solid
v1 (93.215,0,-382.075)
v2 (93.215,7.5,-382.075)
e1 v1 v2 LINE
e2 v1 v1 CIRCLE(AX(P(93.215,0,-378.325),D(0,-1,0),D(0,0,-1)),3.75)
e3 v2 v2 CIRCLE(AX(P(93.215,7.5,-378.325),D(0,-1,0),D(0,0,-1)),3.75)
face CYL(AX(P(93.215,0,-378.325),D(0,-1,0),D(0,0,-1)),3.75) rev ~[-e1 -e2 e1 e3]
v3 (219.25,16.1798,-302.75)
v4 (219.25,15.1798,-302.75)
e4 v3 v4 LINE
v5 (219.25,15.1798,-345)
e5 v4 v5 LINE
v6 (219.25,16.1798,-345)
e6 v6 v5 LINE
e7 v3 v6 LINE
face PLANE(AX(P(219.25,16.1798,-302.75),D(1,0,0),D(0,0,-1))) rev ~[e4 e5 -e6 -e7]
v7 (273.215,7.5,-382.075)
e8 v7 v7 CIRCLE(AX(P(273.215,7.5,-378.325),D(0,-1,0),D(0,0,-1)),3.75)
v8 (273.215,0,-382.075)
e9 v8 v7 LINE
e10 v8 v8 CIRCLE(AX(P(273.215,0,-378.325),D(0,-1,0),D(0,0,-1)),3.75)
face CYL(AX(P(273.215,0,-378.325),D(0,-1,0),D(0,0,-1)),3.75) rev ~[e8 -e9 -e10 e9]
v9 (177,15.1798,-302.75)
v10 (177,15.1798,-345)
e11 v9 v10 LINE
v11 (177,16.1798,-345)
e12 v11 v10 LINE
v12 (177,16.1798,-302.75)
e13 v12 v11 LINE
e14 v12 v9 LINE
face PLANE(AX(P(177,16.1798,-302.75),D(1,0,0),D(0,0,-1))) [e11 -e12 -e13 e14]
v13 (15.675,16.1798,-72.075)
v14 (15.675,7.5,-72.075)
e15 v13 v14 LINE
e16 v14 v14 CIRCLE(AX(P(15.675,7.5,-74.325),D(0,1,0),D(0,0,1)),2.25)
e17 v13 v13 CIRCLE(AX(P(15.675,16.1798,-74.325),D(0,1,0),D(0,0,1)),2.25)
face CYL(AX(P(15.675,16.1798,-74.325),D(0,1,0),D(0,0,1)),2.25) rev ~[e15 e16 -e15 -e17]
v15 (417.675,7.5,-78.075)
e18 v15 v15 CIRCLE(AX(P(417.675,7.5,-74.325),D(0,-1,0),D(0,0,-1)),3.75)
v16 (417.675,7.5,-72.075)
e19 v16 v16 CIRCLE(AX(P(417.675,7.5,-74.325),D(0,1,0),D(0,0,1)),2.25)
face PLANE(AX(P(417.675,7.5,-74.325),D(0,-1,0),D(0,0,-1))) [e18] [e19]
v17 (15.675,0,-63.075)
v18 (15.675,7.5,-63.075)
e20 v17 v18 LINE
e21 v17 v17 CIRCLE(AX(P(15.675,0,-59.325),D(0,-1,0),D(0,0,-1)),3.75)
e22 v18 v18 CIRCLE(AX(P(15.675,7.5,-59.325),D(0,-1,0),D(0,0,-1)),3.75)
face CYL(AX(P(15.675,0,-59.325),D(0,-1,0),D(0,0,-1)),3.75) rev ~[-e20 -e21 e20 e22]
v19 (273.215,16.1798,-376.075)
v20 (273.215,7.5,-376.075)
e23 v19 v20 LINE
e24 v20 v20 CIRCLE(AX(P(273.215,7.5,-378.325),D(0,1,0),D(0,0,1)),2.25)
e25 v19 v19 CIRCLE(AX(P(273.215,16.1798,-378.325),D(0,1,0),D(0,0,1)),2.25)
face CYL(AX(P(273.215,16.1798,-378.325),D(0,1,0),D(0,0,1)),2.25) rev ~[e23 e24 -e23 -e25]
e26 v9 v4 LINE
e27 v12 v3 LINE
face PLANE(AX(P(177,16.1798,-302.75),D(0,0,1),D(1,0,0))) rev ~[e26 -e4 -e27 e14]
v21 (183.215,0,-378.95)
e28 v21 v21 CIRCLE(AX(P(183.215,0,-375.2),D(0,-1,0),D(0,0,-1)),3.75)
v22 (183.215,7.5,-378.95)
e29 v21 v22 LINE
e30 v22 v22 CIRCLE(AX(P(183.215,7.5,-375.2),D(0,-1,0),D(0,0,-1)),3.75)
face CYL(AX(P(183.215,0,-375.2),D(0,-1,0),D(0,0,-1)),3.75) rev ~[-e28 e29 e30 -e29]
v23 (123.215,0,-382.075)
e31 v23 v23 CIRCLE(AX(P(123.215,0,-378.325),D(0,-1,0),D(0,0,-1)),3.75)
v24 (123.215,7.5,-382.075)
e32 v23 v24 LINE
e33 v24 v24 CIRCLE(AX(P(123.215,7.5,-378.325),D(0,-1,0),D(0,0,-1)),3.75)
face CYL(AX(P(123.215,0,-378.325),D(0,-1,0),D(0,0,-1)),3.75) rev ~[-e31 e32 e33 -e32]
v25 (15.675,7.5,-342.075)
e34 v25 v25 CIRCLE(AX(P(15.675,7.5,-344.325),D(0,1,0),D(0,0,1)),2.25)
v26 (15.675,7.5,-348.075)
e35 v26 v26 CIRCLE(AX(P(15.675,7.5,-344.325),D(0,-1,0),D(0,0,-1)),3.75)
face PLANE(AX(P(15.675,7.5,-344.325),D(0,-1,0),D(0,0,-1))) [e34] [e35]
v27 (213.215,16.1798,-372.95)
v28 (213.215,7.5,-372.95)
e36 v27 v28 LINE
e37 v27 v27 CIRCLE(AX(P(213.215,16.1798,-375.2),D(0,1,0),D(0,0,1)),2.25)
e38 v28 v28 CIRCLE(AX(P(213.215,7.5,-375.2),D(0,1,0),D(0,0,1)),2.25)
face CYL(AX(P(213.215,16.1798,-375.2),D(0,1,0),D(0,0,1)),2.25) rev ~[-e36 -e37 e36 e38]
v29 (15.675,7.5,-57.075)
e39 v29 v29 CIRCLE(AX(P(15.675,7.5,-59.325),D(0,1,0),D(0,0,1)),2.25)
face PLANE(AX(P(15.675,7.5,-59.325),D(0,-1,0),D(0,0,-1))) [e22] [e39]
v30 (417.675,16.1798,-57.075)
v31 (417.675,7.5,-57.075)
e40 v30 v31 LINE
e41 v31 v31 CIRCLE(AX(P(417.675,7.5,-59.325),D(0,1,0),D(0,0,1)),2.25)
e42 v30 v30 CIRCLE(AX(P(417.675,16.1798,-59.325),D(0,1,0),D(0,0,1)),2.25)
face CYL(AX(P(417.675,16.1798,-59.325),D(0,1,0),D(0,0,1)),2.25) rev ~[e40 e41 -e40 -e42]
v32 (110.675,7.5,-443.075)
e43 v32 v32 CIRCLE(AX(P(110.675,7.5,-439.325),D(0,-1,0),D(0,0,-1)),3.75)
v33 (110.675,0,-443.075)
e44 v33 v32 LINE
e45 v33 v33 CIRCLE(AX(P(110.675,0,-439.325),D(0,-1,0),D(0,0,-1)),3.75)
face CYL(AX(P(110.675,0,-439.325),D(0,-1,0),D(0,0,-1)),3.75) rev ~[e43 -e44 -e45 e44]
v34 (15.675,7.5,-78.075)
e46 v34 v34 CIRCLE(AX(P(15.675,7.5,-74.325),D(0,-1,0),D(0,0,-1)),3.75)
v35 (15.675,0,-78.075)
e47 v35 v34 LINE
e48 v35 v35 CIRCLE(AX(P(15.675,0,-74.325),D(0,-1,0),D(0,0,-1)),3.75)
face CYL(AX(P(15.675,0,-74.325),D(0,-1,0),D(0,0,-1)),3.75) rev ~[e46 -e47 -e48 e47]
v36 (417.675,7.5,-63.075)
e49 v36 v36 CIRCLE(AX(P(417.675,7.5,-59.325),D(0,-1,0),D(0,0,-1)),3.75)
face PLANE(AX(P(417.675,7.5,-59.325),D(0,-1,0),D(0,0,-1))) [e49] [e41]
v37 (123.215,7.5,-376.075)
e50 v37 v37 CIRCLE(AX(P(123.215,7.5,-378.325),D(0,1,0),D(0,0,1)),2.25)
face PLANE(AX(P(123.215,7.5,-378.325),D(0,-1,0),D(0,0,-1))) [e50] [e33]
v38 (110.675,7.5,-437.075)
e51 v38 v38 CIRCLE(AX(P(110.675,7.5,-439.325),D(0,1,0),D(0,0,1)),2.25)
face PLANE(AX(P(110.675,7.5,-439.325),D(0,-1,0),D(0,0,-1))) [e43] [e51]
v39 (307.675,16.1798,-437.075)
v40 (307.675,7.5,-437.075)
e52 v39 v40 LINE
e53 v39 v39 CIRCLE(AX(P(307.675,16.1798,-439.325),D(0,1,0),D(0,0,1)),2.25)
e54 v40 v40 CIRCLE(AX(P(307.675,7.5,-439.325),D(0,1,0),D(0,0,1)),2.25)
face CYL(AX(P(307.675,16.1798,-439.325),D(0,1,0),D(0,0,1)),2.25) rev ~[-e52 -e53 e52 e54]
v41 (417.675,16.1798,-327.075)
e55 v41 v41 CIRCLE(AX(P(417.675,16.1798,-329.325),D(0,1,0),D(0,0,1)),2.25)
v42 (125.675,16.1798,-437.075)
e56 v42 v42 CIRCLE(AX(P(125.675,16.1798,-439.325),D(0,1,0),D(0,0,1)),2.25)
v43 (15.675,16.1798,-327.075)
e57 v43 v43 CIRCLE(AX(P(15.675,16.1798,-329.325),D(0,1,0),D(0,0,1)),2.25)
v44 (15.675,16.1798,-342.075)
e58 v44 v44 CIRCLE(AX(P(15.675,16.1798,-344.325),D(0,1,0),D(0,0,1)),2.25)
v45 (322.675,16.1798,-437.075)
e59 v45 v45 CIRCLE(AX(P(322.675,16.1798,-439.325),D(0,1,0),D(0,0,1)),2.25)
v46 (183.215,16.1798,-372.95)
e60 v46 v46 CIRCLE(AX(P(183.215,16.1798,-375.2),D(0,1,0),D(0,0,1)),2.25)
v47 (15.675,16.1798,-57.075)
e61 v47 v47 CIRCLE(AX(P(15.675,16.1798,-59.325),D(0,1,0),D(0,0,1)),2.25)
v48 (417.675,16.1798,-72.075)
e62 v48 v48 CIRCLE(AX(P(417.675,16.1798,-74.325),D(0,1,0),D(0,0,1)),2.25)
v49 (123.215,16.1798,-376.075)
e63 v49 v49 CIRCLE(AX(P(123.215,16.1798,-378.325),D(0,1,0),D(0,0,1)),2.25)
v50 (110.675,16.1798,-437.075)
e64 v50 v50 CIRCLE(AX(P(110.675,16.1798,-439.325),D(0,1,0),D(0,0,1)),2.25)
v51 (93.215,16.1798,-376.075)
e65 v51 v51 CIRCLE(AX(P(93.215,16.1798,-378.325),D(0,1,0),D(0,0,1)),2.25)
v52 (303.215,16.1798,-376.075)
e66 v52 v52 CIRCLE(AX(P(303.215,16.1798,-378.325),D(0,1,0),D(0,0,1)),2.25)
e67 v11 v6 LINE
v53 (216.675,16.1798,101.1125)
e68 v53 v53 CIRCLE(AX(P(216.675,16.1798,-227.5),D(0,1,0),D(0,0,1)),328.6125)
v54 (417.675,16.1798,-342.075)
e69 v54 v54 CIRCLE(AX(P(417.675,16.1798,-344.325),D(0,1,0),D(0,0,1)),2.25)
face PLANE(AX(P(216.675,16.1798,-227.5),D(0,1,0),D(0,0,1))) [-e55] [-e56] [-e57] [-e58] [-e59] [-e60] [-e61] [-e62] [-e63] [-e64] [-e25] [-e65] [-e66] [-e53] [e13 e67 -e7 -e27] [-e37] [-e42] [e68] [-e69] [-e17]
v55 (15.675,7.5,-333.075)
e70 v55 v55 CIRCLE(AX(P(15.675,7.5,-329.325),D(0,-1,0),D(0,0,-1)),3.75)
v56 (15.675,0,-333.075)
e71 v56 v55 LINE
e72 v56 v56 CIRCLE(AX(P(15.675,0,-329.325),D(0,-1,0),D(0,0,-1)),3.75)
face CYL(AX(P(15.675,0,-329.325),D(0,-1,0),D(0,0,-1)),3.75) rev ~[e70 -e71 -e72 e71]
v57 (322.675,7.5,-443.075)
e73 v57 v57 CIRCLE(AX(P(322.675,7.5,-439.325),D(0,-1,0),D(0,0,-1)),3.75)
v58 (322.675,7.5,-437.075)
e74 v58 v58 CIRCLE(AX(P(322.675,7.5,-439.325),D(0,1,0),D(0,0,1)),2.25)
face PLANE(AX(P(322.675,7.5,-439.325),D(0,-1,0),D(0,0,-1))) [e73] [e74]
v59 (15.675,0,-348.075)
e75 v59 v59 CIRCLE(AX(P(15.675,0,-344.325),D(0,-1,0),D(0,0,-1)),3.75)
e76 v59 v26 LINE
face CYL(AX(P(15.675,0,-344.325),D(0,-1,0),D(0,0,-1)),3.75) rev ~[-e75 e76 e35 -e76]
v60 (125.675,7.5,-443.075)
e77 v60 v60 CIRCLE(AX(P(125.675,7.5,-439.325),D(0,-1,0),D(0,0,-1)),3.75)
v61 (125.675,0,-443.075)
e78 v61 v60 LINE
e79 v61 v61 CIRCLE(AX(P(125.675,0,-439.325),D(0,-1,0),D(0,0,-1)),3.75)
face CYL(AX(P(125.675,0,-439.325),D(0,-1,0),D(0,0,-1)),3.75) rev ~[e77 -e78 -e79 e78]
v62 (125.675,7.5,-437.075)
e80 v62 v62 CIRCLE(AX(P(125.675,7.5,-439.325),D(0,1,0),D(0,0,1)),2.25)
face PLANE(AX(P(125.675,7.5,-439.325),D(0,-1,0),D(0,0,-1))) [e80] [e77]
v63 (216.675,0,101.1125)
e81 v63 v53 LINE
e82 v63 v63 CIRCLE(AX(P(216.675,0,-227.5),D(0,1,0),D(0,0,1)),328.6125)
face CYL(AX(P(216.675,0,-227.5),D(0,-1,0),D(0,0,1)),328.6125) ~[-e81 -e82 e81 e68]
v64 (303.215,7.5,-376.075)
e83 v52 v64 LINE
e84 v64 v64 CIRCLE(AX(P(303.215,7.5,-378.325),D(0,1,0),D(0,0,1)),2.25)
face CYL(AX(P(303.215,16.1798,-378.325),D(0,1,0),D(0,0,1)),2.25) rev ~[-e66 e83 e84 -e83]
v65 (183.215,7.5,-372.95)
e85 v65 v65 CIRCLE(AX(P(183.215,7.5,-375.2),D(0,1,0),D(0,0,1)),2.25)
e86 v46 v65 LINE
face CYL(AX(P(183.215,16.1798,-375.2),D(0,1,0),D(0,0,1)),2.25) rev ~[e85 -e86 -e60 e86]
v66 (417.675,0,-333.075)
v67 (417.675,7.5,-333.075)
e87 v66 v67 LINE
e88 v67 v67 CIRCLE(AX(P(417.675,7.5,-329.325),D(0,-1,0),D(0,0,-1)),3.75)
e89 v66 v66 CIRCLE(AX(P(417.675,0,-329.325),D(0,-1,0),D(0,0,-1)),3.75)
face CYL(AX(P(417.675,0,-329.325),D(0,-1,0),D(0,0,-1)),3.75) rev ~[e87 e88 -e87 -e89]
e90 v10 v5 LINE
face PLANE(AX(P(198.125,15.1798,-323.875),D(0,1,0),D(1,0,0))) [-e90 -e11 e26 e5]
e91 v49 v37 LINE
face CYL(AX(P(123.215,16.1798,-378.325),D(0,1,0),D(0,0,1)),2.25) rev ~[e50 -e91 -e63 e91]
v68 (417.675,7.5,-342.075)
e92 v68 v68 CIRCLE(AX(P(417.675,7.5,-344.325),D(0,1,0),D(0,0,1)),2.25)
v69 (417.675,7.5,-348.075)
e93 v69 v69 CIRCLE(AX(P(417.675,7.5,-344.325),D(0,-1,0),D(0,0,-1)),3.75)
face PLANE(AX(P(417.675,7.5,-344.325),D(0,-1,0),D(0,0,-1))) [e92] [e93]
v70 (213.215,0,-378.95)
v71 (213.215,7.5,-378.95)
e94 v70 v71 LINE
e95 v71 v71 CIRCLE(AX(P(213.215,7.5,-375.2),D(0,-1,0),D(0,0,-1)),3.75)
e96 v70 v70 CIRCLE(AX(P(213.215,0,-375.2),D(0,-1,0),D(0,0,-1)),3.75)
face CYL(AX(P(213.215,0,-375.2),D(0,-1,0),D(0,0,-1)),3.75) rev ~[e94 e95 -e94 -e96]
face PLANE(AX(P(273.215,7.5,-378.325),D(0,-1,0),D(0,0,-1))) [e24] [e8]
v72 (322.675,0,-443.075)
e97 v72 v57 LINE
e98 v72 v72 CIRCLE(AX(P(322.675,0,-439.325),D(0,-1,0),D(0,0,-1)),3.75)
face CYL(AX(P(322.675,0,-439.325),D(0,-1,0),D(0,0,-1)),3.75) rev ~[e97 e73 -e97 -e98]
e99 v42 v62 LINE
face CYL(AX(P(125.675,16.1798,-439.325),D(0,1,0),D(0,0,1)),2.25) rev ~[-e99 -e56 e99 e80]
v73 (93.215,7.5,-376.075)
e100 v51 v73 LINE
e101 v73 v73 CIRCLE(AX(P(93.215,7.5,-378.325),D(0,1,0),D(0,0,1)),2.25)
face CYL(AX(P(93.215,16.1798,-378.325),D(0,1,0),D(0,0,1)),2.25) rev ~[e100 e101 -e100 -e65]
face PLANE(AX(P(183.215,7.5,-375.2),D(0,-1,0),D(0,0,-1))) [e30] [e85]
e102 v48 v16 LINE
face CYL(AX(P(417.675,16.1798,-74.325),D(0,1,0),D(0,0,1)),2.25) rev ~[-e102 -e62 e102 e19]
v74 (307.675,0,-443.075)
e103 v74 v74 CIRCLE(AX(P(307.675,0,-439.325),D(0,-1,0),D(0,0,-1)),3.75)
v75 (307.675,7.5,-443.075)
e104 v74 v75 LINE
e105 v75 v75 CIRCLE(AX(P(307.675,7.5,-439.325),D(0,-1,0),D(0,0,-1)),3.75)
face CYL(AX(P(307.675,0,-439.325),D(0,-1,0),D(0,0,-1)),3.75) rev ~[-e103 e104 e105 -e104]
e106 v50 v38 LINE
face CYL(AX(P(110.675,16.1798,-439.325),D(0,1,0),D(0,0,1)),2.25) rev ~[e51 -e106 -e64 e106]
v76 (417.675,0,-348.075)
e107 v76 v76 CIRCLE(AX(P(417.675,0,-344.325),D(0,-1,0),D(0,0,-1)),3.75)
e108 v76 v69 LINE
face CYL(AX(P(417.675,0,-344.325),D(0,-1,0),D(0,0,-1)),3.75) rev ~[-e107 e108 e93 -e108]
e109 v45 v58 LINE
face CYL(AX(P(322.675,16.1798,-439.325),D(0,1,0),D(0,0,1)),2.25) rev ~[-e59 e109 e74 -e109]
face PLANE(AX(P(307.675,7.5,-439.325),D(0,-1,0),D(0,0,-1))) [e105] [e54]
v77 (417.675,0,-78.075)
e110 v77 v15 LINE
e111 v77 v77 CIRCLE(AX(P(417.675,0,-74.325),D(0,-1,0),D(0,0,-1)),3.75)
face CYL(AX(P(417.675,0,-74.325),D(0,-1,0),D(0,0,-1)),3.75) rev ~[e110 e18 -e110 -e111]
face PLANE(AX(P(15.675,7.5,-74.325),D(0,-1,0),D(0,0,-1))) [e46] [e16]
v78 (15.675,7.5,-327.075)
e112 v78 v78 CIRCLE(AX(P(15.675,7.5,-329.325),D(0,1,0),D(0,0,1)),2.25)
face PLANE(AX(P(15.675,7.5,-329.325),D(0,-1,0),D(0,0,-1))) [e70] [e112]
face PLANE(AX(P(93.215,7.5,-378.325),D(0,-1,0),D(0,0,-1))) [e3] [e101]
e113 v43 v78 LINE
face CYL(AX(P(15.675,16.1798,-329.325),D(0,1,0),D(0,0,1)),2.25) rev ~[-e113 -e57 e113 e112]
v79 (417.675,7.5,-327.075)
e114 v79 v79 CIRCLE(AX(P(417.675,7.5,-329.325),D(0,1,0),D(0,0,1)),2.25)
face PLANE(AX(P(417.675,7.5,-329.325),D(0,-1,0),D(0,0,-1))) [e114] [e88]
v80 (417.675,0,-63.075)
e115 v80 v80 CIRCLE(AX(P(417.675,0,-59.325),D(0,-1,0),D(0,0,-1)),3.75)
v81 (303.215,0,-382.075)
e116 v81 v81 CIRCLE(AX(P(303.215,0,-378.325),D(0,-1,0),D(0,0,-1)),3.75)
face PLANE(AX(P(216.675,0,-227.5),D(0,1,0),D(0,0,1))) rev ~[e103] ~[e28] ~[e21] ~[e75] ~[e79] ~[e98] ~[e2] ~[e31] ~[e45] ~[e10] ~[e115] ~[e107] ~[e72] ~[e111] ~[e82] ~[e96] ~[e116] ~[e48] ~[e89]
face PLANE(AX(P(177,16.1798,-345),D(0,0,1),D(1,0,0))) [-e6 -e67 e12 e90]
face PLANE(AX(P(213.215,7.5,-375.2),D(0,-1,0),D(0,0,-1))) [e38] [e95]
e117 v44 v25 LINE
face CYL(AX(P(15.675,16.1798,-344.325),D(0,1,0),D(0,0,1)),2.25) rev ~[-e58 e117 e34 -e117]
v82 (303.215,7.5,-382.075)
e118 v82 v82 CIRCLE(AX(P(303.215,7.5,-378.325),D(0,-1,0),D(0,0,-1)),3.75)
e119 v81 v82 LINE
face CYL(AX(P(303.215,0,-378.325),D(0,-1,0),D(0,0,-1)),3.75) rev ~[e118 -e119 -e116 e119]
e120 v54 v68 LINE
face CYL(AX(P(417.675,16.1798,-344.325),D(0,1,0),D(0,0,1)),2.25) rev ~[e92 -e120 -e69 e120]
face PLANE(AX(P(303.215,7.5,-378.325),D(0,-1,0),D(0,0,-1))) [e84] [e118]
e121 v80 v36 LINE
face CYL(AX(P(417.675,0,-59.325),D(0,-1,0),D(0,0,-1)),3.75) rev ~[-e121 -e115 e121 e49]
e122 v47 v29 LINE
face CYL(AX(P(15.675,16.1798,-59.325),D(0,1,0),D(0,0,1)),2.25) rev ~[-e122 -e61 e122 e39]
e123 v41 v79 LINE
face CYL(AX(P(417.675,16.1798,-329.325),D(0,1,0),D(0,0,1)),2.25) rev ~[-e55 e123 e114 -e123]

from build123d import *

# Parameters (mm, degrees)
SKETCH1_R           = 328.6125
BOSS_EXTRUDE1_DEPTH = 16.1798
SKETCH3_R           = 2.25
CUT_EXTRUDE1_DEPTH  = 780.013065513
SKETCH4_W           = 42.25
SKETCH4_H           = 42.25
CUT_EXTRUDE2_DEPTH  = 1
SKETCH5_R           = 3.75
CUT_EXTRUDE3_DEPTH  = 7.5


with BuildPart() as part:
    # Sketch1 → Boss-Extrude1 (new body)
    with BuildSketch(Plane(origin=(0, 0, 0), x_dir=(1, 0, 0), z_dir=(0, 1, 0))):
        with Locations(Location((216.675, 227.5, 0), (0, 0, 270))):
            Circle(SKETCH1_R)
    extrude(amount=BOSS_EXTRUDE1_DEPTH)

    # Sketch3 → Cut-Extrude1 (cut, through all)
    with BuildSketch(Plane(origin=(0, 16.1798, 0), x_dir=(1, 0, 0), z_dir=(0, 1, 0))):
        with Locations(Location((322.675, 439.325, 0), (0, 0, 270))):
            Circle(SKETCH3_R)
        with Locations(Location((307.675, 439.325, 0), (0, 0, 270))):
            Circle(SKETCH3_R)
        with Locations(Location((110.675, 439.325, 0), (0, 0, 270))):
            Circle(SKETCH3_R)
        with Locations(Location((125.675, 439.325, 0), (0, 0, 270))):
            Circle(SKETCH3_R)
        with Locations(Location((183.215, 375.2, 0), (0, 0, 270))):
            Circle(SKETCH3_R)
        with Locations(Location((213.215, 375.2, 0), (0, 0, 270))):
            Circle(SKETCH3_R)
        with Locations(Location((15.675, 329.325, 0), (0, 0, 270))):
            Circle(SKETCH3_R)
        with Locations(Location((15.675, 344.325, 0), (0, 0, 270))):
            Circle(SKETCH3_R)
        with Locations(Location((417.675, 329.325, 0), (0, 0, 270))):
            Circle(SKETCH3_R)
        with Locations(Location((417.675, 344.325, 0), (0, 0, 270))):
            Circle(SKETCH3_R)
        with Locations(Location((417.675, 59.325, 0), (0, 0, 270))):
            Circle(SKETCH3_R)
        with Locations(Location((417.675, 74.325, 0), (0, 0, 270))):
            Circle(SKETCH3_R)
        with Locations(Location((15.675, 59.325, 0), (0, 0, 270))):
            Circle(SKETCH3_R)
        with Locations(Location((15.675, 74.325, 0), (0, 0, 270))):
            Circle(SKETCH3_R)
        with Locations(Location((303.215, 378.325, 0), (0, 0, 270))):
            Circle(SKETCH3_R)
        with Locations(Location((273.215, 378.325, 0), (0, 0, 270))):
            Circle(SKETCH3_R)
        with Locations(Location((123.215, 378.325, 0), (0, 0, 270))):
            Circle(SKETCH3_R)
        with Locations(Location((93.215, 378.325, 0), (0, 0, 270))):
            Circle(SKETCH3_R)
    extrude(amount=-CUT_EXTRUDE1_DEPTH, mode=Mode.SUBTRACT)

    # Sketch4 → Cut-Extrude2 (cut)
    with BuildSketch(Plane(origin=(0, 16.1798, 0), x_dir=(1, 0, 0), z_dir=(0, 1, 0))):
        with Locations((198.125, 323.875)):
            Rectangle(SKETCH4_W, SKETCH4_H)
    extrude(amount=-CUT_EXTRUDE2_DEPTH, mode=Mode.SUBTRACT)

    # Sketch5 → Cut-Extrude3 (cut)
    with BuildSketch(Plane.XZ):
        with Locations(Location((15.675, -59.325, 0), (0, 0, 270))):
            Circle(SKETCH5_R)
        with Locations(Location((15.675, -74.325, 0), (0, 0, 270))):
            Circle(SKETCH5_R)
        with Locations(Location((15.675, -344.325, 0), (0, 0, 270))):
            Circle(SKETCH5_R)
        with Locations(Location((15.675, -329.325, 0), (0, 0, 270))):
            Circle(SKETCH5_R)
        with Locations(Location((93.215, -378.325, 0), (0, 0, 270))):
            Circle(SKETCH5_R)
        with Locations(Location((123.215, -378.325, 0), (0, 0, 270))):
            Circle(SKETCH5_R)
        with Locations(Location((183.215, -375.2, 0), (0, 0, 270))):
            Circle(SKETCH5_R)
        with Locations(Location((213.215, -375.2, 0), (0, 0, 270))):
            Circle(SKETCH5_R)
        with Locations(Location((273.215, -378.325, 0), (0, 0, 270))):
            Circle(SKETCH5_R)
        with Locations(Location((125.675, -439.325, 0), (0, 0, 270))):
            Circle(SKETCH5_R)
        with Locations(Location((110.675, -439.325, 0), (0, 0, 270))):
            Circle(SKETCH5_R)
        with Locations(Location((303.215, -378.325, 0), (0, 0, 270))):
            Circle(SKETCH5_R)
        with Locations(Location((307.675, -439.325, 0), (0, 0, 270))):
            Circle(SKETCH5_R)
        with Locations(Location((322.675, -439.325, 0), (0, 0, 270))):
            Circle(SKETCH5_R)
        with Locations(Location((417.675, -344.325, 0), (0, 0, 270))):
            Circle(SKETCH5_R)
        with Locations(Location((417.675, -329.325, 0), (0, 0, 270))):
            Circle(SKETCH5_R)
        with Locations(Location((417.675, -74.325, 0), (0, 0, 270))):
            Circle(SKETCH5_R)
        with Locations(Location((417.675, -59.325, 0), (0, 0, 270))):
            Circle(SKETCH5_R)
    extrude(amount=-CUT_EXTRUDE3_DEPTH, mode=Mode.SUBTRACT)


solid = part.part
